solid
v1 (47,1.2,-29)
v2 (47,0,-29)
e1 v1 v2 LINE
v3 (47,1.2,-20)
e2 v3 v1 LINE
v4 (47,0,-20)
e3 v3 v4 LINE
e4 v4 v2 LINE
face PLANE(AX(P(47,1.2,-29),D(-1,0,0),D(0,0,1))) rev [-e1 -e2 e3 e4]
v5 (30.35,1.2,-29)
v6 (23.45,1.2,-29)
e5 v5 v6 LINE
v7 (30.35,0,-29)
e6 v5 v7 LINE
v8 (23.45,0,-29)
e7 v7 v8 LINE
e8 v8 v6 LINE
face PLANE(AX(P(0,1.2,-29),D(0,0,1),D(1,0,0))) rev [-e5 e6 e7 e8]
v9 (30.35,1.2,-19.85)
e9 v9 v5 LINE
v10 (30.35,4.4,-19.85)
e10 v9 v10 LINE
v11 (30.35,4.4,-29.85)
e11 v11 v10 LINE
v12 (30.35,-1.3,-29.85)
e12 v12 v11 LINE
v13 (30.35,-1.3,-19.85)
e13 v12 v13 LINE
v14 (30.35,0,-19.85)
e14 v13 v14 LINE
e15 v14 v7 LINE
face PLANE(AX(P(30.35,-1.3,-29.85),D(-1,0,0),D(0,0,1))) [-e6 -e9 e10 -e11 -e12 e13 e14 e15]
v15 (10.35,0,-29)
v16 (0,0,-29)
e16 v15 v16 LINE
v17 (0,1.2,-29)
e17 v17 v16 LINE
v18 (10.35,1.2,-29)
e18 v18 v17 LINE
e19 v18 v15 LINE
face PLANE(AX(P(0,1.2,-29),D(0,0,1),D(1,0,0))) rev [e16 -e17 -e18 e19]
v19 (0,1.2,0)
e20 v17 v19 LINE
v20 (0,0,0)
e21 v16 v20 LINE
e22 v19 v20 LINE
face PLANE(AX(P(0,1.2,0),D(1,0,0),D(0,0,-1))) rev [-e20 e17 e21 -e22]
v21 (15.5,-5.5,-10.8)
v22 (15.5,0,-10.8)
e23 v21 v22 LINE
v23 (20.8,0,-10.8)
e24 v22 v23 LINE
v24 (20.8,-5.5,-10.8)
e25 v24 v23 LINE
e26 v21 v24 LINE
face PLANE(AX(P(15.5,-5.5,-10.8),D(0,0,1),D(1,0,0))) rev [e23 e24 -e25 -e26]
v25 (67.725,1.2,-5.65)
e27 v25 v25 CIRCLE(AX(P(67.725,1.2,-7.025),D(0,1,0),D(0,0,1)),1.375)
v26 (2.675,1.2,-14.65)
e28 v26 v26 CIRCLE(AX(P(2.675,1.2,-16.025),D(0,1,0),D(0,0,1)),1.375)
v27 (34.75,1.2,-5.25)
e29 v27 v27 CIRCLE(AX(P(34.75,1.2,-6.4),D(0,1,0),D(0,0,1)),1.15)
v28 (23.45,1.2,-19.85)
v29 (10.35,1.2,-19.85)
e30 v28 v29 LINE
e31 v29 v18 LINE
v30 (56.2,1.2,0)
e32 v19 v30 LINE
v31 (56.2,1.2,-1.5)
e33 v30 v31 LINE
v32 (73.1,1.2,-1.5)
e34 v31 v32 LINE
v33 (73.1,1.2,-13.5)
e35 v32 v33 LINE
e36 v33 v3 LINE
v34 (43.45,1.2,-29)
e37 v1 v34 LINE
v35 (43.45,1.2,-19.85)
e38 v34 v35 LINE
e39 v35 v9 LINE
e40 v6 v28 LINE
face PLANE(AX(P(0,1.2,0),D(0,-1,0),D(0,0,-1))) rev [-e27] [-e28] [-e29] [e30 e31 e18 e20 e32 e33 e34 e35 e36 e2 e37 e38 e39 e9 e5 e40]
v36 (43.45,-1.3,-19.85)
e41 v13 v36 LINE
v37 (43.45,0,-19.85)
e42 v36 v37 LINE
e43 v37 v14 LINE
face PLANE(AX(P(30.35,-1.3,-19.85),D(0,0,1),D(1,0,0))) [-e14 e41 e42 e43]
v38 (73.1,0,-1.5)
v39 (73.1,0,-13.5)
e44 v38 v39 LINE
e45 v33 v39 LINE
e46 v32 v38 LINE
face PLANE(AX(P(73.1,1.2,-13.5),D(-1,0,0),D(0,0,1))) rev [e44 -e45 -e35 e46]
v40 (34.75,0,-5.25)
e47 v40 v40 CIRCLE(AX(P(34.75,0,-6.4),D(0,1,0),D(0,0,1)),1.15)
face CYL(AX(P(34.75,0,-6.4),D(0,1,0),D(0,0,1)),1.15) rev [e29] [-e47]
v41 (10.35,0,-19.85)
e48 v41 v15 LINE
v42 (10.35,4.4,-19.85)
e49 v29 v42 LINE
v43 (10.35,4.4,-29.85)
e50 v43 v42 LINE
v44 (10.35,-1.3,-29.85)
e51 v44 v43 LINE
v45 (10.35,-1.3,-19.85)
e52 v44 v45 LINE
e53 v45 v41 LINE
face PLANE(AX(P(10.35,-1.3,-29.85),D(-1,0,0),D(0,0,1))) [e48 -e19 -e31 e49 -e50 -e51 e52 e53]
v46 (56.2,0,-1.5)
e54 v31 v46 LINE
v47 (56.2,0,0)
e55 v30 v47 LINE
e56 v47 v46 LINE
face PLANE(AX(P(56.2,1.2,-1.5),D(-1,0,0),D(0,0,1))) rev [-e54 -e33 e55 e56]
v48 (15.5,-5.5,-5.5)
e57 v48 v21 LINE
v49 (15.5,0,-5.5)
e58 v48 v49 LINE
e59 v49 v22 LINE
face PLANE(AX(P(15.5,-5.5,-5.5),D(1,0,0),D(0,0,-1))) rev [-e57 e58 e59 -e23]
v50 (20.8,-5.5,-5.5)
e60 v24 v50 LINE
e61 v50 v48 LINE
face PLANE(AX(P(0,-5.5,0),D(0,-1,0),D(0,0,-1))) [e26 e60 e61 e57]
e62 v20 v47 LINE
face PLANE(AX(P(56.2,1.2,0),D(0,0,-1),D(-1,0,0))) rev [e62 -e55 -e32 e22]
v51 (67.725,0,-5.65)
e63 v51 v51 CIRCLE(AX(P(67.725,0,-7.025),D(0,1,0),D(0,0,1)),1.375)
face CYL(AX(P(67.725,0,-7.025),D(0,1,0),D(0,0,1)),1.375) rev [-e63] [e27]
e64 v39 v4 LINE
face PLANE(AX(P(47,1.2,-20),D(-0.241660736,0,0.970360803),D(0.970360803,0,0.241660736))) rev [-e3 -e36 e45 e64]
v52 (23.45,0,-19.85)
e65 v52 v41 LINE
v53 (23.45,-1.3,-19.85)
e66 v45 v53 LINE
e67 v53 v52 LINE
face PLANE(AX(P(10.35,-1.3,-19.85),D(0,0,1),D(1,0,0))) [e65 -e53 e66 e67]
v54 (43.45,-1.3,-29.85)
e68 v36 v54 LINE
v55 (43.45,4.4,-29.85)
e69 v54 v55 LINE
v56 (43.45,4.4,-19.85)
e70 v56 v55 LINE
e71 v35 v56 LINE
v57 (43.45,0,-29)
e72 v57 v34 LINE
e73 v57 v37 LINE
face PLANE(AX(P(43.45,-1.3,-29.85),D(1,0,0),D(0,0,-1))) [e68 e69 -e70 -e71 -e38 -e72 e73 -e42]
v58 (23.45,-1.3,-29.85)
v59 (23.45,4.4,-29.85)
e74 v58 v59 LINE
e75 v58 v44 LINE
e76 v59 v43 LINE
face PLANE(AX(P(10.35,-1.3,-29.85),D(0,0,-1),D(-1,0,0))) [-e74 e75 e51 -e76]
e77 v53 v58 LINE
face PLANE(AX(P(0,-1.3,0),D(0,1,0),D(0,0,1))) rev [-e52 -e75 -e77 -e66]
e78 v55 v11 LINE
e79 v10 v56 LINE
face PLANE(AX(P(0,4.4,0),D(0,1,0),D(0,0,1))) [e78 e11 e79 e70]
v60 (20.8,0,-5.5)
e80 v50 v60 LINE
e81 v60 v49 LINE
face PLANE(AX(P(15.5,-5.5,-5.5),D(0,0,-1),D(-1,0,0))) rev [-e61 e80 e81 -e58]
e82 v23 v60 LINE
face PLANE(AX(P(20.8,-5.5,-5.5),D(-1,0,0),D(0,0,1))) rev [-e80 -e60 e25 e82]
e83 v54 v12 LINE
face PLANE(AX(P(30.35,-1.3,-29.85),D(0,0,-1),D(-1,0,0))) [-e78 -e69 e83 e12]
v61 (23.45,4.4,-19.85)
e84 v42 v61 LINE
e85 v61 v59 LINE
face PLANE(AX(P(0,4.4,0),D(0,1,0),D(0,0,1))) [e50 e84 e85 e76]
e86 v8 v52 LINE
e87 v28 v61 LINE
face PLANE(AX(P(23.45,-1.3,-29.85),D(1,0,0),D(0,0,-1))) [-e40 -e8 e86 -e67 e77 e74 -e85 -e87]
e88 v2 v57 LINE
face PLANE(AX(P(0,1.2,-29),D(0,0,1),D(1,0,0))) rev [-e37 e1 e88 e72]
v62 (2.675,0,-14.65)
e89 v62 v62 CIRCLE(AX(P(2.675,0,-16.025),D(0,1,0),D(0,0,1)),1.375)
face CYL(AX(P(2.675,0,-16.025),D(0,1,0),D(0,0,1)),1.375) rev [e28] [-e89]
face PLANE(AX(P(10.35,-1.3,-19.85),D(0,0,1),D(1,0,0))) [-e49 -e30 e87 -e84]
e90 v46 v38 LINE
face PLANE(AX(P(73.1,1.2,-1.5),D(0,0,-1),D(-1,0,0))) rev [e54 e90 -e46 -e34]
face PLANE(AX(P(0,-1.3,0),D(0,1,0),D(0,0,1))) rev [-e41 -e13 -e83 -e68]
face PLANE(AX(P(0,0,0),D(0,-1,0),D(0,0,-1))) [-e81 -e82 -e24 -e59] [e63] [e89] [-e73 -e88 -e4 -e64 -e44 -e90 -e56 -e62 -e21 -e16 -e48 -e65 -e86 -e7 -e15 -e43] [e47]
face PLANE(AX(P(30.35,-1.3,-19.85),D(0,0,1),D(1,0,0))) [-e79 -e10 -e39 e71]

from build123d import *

# Parameters (mm, degrees)
EXTRUDE_1_DEPTH      = 1.2
SKETCH_2_R           = 1.375
SKETCH_2_R_2         = 1.15
CUT_EXTRUDE_1_DEPTH  = 2.2
SKETCH_3_W           = 13.1
SKETCH_3_H           = 10
EXTRUDE_2_DEPTH      = 3.2
EXTRUDE_2_DEPTH_BACK = 2.5
SKETCH_4_W           = 5.3
SKETCH_4_H           = 5.3
EXTRUDE_3_DEPTH      = 5.5


with BuildPart() as part:
    # Эскиз1 → Бобышка-Вытянуть1 (new body)
    with BuildSketch(Plane(origin=(0, 0, 0), x_dir=(1, 0, 0), z_dir=(0, 1, 0))):
        Polygon((0, 0), (0, 29), (47, 29), (47, 20), (73.1, 13.5), (73.1, 1.5), (56.2, 1.5), (56.2, 0), align=None)
    extrude(amount=EXTRUDE_1_DEPTH)

    # Эскиз2 → Вырез-Вытянуть1 (cut, through all)
    with BuildSketch(Plane(origin=(0, 1.2, 0), x_dir=(1, 0, 0), z_dir=(0, 1, 0))):
        with Locations((2.675, 16.025)):
            Circle(SKETCH_2_R)
        with Locations((67.725, 7.025)):
            Circle(SKETCH_2_R)
        with Locations((34.75, 6.4)):
            Circle(SKETCH_2_R_2)
    extrude(amount=-CUT_EXTRUDE_1_DEPTH, mode=Mode.SUBTRACT)

    # Эскиз3 → Бобышка-Вытянуть2 (add, two sides)
    with BuildSketch(Plane(origin=(0, 1.2, 0), x_dir=(1, 0, 0), z_dir=(0, 1, 0))) as extrude_2_sk:
        with Locations((16.9, 24.85)):
            Rectangle(SKETCH_3_W, SKETCH_3_H)
        with Locations((36.9, 24.85)):
            Rectangle(SKETCH_3_W, SKETCH_3_H)
    extrude(amount=EXTRUDE_2_DEPTH)
    extrude(extrude_2_sk.sketch, amount=-EXTRUDE_2_DEPTH_BACK)

    # Эскиз4 → Бобышка-Вытянуть3 (add)
    with BuildSketch(Plane.XZ):
        with Locations((18.15, -8.15)):
            Rectangle(SKETCH_4_W, SKETCH_4_H)
    extrude(amount=EXTRUDE_3_DEPTH)


solid = part.part
